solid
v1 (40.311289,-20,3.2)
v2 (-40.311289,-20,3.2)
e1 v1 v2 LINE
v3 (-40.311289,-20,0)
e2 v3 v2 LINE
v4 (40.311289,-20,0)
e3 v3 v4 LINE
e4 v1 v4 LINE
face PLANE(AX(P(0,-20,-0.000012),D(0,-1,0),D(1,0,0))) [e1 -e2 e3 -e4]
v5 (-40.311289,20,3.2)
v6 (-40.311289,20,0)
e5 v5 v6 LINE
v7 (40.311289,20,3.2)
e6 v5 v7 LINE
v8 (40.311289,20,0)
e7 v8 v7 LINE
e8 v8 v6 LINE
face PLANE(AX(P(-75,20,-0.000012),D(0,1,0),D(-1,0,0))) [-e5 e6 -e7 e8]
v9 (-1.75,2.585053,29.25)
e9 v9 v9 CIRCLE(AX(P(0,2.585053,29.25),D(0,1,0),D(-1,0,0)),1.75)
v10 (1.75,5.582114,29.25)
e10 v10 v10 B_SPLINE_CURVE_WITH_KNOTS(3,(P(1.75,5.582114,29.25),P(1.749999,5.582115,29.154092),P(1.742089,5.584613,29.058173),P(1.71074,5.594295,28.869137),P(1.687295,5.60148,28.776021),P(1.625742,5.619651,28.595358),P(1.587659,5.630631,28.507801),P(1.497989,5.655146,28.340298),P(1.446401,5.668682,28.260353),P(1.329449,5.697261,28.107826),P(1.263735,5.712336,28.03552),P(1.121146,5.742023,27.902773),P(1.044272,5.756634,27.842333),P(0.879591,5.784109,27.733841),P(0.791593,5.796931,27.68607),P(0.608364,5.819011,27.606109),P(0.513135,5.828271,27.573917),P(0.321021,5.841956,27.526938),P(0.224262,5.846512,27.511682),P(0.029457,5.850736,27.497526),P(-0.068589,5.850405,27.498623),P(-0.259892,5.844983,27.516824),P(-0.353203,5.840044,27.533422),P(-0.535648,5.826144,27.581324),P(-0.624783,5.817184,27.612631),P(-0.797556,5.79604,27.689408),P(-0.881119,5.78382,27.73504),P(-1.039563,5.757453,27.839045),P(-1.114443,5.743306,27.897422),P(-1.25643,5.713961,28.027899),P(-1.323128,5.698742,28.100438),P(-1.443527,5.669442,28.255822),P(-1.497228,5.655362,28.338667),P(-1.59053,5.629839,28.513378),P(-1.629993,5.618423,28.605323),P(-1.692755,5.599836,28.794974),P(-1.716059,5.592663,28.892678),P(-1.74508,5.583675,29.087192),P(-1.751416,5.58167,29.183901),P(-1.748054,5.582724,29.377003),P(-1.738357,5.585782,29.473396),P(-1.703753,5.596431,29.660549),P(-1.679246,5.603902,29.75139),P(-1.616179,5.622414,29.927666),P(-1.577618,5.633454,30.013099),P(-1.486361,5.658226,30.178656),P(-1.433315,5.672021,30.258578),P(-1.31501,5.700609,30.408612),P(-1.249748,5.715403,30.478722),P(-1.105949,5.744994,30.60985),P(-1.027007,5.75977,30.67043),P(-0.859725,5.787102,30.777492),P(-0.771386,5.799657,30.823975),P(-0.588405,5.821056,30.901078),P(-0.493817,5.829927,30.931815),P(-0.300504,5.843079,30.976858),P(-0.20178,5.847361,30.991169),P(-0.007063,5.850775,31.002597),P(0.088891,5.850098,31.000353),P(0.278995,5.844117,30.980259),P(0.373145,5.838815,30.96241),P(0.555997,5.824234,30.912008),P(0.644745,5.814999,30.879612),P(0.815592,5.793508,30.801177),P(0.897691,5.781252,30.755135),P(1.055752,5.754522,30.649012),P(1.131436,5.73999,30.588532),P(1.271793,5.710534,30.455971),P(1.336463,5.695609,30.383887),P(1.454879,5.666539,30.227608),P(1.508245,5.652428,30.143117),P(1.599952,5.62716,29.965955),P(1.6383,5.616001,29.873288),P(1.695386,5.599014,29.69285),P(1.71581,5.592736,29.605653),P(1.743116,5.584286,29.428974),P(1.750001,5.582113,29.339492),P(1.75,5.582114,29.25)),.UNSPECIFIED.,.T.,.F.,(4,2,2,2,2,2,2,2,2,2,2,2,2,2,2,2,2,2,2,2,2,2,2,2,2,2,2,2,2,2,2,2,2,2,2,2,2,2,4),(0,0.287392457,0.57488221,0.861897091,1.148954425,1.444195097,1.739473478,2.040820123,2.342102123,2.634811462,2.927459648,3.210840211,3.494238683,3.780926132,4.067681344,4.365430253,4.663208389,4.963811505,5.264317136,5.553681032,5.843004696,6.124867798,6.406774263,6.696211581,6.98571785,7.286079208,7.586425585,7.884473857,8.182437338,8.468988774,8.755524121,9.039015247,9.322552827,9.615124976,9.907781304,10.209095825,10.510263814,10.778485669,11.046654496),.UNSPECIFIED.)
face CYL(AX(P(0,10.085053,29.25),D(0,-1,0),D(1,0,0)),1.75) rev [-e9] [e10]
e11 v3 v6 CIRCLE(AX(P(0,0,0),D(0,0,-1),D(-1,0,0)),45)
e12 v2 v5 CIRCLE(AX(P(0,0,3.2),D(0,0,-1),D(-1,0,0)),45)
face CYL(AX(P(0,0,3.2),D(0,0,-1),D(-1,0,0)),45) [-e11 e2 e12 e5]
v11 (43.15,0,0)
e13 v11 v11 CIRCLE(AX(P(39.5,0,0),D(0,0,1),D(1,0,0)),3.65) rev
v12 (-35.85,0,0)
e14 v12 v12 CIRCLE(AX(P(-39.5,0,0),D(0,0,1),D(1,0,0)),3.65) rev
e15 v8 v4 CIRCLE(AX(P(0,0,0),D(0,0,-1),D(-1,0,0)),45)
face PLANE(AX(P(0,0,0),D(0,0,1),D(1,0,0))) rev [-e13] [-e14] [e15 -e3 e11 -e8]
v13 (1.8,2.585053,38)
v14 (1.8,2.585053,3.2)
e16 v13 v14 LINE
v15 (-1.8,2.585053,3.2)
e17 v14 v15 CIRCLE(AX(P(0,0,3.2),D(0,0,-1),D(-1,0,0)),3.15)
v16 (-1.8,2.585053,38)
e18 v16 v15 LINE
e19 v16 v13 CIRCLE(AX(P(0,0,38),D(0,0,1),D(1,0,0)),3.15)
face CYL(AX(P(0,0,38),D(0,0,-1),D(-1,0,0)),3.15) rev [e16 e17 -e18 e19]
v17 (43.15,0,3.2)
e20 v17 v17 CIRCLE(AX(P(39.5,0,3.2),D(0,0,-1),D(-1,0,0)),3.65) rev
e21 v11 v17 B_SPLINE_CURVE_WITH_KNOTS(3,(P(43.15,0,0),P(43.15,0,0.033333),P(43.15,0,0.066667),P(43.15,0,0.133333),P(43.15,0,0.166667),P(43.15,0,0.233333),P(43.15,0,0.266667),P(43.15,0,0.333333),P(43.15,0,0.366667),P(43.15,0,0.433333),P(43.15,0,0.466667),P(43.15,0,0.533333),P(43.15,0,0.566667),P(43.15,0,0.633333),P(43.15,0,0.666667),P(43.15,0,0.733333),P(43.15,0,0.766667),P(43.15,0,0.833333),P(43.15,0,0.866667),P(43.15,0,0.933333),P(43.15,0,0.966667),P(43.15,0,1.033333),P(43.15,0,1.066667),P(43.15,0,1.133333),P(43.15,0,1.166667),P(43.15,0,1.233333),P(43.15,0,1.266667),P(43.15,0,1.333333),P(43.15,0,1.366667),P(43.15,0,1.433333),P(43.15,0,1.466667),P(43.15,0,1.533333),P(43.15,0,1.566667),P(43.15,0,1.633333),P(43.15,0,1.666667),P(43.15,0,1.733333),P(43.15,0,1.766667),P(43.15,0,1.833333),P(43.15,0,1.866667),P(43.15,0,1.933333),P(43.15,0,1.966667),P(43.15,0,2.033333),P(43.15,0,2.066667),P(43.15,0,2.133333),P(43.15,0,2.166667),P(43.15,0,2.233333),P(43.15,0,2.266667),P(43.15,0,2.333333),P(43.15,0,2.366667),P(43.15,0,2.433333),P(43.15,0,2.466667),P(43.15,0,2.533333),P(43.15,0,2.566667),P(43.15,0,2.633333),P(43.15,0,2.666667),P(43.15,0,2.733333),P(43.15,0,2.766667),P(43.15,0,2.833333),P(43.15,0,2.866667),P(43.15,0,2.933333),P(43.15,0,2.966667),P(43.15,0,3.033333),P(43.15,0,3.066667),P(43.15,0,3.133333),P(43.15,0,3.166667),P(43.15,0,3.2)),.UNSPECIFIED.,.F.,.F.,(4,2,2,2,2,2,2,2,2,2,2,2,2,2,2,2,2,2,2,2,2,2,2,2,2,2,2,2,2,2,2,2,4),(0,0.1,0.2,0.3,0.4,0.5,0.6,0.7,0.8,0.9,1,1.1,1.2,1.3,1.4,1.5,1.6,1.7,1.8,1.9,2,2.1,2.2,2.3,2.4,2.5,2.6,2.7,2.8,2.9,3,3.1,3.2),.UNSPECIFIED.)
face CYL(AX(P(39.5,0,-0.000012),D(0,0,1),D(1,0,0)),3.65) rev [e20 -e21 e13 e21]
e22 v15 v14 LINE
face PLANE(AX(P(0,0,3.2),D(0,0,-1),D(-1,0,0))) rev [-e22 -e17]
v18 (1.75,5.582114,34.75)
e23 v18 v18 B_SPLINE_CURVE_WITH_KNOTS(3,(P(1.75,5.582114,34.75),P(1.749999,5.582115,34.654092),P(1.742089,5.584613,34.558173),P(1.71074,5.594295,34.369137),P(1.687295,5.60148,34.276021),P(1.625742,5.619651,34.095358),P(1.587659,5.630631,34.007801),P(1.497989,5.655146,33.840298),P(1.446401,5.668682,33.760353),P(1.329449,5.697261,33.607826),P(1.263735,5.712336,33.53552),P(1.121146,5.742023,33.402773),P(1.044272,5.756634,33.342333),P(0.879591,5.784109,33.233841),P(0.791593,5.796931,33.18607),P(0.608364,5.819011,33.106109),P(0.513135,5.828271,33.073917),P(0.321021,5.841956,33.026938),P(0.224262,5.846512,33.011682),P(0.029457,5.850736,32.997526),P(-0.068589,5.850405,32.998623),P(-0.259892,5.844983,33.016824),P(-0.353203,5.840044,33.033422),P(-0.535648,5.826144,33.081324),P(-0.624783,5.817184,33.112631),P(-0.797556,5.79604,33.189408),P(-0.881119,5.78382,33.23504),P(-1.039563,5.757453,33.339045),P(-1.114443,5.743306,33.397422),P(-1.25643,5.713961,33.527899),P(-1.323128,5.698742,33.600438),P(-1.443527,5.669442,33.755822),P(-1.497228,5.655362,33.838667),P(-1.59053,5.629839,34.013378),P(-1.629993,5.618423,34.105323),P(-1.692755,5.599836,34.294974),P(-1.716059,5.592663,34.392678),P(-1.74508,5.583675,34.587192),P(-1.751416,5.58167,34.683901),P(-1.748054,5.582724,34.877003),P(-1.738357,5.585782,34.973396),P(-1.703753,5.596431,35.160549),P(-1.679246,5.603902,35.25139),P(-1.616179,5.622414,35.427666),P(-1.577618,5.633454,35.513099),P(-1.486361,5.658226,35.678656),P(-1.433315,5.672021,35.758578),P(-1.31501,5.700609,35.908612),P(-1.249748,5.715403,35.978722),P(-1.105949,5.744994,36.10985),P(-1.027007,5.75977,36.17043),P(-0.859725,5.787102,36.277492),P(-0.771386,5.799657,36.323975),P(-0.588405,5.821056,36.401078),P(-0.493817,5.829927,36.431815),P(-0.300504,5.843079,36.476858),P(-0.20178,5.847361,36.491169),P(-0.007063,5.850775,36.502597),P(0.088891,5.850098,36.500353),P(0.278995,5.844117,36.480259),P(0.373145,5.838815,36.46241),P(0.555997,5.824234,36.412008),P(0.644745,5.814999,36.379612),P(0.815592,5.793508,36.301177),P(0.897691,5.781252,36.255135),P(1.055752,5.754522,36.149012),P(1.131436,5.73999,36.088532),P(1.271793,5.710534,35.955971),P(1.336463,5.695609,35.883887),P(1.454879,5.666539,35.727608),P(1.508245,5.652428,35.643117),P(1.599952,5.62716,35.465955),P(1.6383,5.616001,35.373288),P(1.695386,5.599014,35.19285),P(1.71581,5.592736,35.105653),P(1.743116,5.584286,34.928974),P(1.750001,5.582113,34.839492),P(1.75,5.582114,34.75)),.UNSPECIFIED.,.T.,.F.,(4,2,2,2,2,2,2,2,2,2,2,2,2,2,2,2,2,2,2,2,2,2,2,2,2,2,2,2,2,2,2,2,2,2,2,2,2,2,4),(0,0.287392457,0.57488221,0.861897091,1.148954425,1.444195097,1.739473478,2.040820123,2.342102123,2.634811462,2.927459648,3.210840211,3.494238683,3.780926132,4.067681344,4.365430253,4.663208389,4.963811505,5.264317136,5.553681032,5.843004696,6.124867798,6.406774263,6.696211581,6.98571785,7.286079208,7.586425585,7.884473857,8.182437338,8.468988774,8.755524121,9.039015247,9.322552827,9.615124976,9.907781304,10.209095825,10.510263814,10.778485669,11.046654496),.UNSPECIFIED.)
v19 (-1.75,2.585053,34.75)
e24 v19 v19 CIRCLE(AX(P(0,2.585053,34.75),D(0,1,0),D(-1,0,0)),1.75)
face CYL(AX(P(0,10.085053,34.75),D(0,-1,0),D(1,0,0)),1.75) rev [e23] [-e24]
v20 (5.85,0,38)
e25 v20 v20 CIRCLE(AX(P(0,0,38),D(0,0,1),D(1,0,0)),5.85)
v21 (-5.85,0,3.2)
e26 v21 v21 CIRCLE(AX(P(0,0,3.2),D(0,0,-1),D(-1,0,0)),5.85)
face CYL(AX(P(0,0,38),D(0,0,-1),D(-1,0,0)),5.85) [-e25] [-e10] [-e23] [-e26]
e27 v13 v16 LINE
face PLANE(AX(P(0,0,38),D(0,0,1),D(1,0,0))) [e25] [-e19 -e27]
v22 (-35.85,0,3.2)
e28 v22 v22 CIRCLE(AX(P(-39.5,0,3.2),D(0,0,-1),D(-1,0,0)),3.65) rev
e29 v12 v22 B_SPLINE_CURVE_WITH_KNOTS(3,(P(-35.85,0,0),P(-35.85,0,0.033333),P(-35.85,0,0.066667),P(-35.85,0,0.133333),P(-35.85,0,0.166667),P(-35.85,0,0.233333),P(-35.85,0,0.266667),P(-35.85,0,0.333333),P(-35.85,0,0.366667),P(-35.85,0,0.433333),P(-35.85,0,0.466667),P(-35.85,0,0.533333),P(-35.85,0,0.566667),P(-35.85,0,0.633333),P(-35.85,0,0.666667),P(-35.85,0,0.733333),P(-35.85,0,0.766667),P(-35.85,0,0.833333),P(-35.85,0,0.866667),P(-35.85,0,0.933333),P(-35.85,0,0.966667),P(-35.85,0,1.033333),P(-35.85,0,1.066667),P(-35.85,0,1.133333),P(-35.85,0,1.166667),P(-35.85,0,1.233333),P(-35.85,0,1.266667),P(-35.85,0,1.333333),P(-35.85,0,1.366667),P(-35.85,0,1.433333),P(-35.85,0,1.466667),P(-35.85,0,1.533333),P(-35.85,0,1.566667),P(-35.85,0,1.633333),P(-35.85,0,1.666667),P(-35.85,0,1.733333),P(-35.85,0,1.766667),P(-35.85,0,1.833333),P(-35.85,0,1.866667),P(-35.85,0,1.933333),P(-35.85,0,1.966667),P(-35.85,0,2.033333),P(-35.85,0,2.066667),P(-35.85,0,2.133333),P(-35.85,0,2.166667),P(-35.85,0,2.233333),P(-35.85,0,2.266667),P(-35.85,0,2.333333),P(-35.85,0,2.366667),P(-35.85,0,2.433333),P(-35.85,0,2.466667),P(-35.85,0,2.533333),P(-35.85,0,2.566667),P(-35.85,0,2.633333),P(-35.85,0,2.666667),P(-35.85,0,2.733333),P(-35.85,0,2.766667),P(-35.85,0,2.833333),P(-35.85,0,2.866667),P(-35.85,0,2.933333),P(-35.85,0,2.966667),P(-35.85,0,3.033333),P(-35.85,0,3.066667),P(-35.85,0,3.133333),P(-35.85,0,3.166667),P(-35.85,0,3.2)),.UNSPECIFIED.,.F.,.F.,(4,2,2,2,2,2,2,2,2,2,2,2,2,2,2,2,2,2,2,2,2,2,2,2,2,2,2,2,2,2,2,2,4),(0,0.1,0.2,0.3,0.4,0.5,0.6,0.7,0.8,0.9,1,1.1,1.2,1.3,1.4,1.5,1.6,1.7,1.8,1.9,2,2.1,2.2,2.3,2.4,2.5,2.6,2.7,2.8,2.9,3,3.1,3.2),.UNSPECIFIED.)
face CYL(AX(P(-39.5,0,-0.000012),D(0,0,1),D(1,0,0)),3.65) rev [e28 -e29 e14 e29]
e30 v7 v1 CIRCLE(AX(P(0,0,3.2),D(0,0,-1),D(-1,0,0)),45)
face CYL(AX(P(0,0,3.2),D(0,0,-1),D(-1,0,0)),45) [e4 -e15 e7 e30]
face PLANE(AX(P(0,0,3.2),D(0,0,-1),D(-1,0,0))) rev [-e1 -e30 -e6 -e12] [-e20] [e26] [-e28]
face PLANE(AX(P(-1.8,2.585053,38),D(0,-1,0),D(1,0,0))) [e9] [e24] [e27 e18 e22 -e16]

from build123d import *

# Parameters (mm, degrees)
CROQUIS1_R                 = 5.85
SALIENTE_EXTRUIR1_DEPTH    = 38
CROQUIS2_R                 = 1.75
CORTAR_EXTRUIR1_DEPTH      = 7.5
CROQUIS3_R                 = 45
SALIENTE_EXTRUIR2_DEPTH    = 3.2
CORTAR_EXTRUIR2_DEPTH      = 75.121521892
CORTAR_EXTRUIR2_DEPTH_BACK = 5
CROQUIS5_R                 = 3.65


with BuildPart() as part:
    # Croquis1 → Saliente-Extruir1 (new body)
    with BuildSketch(Plane.XY):
        Circle(CROQUIS1_R)
        with BuildLine():
            Line((-1.8, 2.585053191), (1.8, 2.585053191))
            ThreePointArc((1.8, 2.585053191), (0, -3.15), (-1.8, 2.585053191))
        make_face(mode=Mode.SUBTRACT)
    extrude(amount=SALIENTE_EXTRUIR1_DEPTH)

    # Croquis2 → Cortar-Extruir1 (cut)
    with BuildSketch(Plane(origin=(0, 2.585053191, 0), x_dir=(1, 0, 0), z_dir=(0, 1, 0))):
        with Locations((0, -34.75)):
            Circle(CROQUIS2_R)
        with Locations((0, -29.25)):
            Circle(CROQUIS2_R)
    extrude(amount=CORTAR_EXTRUIR1_DEPTH, mode=Mode.SUBTRACT)

    # Croquis3 → Saliente-Extruir2 (add)
    with BuildSketch(Plane(origin=(0, 0, 0), x_dir=(-1, 0, 0), z_dir=(0, 0, -1))):
        Circle(CROQUIS3_R)
    extrude(amount=-SALIENTE_EXTRUIR2_DEPTH)

    # Croquis5 → Cortar-Extruir2 (cut, two sides: drawn at the far end of the back side and taken through both)
    with BuildSketch(Plane(origin=(0, 0, 0), x_dir=(-1, 0, 0), z_dir=(0, 0, -1)).offset(-CORTAR_EXTRUIR2_DEPTH_BACK)):
        with Locations(Location((-39.5, 0, 0), (0, 0, 180))):
            Circle(CROQUIS5_R)
        with Locations(Location((39.5, 0, 0), (0, 0, 180))):
            Circle(CROQUIS5_R)
        Polygon((0, 20), (-75, 20), (-75, 50), (75, 50), (75, 20), align=None)
        Polygon((75, -50), (75, -20), (0, -20), (-75, -20), (-75, -50), align=None)
    extrude(amount=CORTAR_EXTRUIR2_DEPTH + CORTAR_EXTRUIR2_DEPTH_BACK, mode=Mode.SUBTRACT)


solid = part.part
